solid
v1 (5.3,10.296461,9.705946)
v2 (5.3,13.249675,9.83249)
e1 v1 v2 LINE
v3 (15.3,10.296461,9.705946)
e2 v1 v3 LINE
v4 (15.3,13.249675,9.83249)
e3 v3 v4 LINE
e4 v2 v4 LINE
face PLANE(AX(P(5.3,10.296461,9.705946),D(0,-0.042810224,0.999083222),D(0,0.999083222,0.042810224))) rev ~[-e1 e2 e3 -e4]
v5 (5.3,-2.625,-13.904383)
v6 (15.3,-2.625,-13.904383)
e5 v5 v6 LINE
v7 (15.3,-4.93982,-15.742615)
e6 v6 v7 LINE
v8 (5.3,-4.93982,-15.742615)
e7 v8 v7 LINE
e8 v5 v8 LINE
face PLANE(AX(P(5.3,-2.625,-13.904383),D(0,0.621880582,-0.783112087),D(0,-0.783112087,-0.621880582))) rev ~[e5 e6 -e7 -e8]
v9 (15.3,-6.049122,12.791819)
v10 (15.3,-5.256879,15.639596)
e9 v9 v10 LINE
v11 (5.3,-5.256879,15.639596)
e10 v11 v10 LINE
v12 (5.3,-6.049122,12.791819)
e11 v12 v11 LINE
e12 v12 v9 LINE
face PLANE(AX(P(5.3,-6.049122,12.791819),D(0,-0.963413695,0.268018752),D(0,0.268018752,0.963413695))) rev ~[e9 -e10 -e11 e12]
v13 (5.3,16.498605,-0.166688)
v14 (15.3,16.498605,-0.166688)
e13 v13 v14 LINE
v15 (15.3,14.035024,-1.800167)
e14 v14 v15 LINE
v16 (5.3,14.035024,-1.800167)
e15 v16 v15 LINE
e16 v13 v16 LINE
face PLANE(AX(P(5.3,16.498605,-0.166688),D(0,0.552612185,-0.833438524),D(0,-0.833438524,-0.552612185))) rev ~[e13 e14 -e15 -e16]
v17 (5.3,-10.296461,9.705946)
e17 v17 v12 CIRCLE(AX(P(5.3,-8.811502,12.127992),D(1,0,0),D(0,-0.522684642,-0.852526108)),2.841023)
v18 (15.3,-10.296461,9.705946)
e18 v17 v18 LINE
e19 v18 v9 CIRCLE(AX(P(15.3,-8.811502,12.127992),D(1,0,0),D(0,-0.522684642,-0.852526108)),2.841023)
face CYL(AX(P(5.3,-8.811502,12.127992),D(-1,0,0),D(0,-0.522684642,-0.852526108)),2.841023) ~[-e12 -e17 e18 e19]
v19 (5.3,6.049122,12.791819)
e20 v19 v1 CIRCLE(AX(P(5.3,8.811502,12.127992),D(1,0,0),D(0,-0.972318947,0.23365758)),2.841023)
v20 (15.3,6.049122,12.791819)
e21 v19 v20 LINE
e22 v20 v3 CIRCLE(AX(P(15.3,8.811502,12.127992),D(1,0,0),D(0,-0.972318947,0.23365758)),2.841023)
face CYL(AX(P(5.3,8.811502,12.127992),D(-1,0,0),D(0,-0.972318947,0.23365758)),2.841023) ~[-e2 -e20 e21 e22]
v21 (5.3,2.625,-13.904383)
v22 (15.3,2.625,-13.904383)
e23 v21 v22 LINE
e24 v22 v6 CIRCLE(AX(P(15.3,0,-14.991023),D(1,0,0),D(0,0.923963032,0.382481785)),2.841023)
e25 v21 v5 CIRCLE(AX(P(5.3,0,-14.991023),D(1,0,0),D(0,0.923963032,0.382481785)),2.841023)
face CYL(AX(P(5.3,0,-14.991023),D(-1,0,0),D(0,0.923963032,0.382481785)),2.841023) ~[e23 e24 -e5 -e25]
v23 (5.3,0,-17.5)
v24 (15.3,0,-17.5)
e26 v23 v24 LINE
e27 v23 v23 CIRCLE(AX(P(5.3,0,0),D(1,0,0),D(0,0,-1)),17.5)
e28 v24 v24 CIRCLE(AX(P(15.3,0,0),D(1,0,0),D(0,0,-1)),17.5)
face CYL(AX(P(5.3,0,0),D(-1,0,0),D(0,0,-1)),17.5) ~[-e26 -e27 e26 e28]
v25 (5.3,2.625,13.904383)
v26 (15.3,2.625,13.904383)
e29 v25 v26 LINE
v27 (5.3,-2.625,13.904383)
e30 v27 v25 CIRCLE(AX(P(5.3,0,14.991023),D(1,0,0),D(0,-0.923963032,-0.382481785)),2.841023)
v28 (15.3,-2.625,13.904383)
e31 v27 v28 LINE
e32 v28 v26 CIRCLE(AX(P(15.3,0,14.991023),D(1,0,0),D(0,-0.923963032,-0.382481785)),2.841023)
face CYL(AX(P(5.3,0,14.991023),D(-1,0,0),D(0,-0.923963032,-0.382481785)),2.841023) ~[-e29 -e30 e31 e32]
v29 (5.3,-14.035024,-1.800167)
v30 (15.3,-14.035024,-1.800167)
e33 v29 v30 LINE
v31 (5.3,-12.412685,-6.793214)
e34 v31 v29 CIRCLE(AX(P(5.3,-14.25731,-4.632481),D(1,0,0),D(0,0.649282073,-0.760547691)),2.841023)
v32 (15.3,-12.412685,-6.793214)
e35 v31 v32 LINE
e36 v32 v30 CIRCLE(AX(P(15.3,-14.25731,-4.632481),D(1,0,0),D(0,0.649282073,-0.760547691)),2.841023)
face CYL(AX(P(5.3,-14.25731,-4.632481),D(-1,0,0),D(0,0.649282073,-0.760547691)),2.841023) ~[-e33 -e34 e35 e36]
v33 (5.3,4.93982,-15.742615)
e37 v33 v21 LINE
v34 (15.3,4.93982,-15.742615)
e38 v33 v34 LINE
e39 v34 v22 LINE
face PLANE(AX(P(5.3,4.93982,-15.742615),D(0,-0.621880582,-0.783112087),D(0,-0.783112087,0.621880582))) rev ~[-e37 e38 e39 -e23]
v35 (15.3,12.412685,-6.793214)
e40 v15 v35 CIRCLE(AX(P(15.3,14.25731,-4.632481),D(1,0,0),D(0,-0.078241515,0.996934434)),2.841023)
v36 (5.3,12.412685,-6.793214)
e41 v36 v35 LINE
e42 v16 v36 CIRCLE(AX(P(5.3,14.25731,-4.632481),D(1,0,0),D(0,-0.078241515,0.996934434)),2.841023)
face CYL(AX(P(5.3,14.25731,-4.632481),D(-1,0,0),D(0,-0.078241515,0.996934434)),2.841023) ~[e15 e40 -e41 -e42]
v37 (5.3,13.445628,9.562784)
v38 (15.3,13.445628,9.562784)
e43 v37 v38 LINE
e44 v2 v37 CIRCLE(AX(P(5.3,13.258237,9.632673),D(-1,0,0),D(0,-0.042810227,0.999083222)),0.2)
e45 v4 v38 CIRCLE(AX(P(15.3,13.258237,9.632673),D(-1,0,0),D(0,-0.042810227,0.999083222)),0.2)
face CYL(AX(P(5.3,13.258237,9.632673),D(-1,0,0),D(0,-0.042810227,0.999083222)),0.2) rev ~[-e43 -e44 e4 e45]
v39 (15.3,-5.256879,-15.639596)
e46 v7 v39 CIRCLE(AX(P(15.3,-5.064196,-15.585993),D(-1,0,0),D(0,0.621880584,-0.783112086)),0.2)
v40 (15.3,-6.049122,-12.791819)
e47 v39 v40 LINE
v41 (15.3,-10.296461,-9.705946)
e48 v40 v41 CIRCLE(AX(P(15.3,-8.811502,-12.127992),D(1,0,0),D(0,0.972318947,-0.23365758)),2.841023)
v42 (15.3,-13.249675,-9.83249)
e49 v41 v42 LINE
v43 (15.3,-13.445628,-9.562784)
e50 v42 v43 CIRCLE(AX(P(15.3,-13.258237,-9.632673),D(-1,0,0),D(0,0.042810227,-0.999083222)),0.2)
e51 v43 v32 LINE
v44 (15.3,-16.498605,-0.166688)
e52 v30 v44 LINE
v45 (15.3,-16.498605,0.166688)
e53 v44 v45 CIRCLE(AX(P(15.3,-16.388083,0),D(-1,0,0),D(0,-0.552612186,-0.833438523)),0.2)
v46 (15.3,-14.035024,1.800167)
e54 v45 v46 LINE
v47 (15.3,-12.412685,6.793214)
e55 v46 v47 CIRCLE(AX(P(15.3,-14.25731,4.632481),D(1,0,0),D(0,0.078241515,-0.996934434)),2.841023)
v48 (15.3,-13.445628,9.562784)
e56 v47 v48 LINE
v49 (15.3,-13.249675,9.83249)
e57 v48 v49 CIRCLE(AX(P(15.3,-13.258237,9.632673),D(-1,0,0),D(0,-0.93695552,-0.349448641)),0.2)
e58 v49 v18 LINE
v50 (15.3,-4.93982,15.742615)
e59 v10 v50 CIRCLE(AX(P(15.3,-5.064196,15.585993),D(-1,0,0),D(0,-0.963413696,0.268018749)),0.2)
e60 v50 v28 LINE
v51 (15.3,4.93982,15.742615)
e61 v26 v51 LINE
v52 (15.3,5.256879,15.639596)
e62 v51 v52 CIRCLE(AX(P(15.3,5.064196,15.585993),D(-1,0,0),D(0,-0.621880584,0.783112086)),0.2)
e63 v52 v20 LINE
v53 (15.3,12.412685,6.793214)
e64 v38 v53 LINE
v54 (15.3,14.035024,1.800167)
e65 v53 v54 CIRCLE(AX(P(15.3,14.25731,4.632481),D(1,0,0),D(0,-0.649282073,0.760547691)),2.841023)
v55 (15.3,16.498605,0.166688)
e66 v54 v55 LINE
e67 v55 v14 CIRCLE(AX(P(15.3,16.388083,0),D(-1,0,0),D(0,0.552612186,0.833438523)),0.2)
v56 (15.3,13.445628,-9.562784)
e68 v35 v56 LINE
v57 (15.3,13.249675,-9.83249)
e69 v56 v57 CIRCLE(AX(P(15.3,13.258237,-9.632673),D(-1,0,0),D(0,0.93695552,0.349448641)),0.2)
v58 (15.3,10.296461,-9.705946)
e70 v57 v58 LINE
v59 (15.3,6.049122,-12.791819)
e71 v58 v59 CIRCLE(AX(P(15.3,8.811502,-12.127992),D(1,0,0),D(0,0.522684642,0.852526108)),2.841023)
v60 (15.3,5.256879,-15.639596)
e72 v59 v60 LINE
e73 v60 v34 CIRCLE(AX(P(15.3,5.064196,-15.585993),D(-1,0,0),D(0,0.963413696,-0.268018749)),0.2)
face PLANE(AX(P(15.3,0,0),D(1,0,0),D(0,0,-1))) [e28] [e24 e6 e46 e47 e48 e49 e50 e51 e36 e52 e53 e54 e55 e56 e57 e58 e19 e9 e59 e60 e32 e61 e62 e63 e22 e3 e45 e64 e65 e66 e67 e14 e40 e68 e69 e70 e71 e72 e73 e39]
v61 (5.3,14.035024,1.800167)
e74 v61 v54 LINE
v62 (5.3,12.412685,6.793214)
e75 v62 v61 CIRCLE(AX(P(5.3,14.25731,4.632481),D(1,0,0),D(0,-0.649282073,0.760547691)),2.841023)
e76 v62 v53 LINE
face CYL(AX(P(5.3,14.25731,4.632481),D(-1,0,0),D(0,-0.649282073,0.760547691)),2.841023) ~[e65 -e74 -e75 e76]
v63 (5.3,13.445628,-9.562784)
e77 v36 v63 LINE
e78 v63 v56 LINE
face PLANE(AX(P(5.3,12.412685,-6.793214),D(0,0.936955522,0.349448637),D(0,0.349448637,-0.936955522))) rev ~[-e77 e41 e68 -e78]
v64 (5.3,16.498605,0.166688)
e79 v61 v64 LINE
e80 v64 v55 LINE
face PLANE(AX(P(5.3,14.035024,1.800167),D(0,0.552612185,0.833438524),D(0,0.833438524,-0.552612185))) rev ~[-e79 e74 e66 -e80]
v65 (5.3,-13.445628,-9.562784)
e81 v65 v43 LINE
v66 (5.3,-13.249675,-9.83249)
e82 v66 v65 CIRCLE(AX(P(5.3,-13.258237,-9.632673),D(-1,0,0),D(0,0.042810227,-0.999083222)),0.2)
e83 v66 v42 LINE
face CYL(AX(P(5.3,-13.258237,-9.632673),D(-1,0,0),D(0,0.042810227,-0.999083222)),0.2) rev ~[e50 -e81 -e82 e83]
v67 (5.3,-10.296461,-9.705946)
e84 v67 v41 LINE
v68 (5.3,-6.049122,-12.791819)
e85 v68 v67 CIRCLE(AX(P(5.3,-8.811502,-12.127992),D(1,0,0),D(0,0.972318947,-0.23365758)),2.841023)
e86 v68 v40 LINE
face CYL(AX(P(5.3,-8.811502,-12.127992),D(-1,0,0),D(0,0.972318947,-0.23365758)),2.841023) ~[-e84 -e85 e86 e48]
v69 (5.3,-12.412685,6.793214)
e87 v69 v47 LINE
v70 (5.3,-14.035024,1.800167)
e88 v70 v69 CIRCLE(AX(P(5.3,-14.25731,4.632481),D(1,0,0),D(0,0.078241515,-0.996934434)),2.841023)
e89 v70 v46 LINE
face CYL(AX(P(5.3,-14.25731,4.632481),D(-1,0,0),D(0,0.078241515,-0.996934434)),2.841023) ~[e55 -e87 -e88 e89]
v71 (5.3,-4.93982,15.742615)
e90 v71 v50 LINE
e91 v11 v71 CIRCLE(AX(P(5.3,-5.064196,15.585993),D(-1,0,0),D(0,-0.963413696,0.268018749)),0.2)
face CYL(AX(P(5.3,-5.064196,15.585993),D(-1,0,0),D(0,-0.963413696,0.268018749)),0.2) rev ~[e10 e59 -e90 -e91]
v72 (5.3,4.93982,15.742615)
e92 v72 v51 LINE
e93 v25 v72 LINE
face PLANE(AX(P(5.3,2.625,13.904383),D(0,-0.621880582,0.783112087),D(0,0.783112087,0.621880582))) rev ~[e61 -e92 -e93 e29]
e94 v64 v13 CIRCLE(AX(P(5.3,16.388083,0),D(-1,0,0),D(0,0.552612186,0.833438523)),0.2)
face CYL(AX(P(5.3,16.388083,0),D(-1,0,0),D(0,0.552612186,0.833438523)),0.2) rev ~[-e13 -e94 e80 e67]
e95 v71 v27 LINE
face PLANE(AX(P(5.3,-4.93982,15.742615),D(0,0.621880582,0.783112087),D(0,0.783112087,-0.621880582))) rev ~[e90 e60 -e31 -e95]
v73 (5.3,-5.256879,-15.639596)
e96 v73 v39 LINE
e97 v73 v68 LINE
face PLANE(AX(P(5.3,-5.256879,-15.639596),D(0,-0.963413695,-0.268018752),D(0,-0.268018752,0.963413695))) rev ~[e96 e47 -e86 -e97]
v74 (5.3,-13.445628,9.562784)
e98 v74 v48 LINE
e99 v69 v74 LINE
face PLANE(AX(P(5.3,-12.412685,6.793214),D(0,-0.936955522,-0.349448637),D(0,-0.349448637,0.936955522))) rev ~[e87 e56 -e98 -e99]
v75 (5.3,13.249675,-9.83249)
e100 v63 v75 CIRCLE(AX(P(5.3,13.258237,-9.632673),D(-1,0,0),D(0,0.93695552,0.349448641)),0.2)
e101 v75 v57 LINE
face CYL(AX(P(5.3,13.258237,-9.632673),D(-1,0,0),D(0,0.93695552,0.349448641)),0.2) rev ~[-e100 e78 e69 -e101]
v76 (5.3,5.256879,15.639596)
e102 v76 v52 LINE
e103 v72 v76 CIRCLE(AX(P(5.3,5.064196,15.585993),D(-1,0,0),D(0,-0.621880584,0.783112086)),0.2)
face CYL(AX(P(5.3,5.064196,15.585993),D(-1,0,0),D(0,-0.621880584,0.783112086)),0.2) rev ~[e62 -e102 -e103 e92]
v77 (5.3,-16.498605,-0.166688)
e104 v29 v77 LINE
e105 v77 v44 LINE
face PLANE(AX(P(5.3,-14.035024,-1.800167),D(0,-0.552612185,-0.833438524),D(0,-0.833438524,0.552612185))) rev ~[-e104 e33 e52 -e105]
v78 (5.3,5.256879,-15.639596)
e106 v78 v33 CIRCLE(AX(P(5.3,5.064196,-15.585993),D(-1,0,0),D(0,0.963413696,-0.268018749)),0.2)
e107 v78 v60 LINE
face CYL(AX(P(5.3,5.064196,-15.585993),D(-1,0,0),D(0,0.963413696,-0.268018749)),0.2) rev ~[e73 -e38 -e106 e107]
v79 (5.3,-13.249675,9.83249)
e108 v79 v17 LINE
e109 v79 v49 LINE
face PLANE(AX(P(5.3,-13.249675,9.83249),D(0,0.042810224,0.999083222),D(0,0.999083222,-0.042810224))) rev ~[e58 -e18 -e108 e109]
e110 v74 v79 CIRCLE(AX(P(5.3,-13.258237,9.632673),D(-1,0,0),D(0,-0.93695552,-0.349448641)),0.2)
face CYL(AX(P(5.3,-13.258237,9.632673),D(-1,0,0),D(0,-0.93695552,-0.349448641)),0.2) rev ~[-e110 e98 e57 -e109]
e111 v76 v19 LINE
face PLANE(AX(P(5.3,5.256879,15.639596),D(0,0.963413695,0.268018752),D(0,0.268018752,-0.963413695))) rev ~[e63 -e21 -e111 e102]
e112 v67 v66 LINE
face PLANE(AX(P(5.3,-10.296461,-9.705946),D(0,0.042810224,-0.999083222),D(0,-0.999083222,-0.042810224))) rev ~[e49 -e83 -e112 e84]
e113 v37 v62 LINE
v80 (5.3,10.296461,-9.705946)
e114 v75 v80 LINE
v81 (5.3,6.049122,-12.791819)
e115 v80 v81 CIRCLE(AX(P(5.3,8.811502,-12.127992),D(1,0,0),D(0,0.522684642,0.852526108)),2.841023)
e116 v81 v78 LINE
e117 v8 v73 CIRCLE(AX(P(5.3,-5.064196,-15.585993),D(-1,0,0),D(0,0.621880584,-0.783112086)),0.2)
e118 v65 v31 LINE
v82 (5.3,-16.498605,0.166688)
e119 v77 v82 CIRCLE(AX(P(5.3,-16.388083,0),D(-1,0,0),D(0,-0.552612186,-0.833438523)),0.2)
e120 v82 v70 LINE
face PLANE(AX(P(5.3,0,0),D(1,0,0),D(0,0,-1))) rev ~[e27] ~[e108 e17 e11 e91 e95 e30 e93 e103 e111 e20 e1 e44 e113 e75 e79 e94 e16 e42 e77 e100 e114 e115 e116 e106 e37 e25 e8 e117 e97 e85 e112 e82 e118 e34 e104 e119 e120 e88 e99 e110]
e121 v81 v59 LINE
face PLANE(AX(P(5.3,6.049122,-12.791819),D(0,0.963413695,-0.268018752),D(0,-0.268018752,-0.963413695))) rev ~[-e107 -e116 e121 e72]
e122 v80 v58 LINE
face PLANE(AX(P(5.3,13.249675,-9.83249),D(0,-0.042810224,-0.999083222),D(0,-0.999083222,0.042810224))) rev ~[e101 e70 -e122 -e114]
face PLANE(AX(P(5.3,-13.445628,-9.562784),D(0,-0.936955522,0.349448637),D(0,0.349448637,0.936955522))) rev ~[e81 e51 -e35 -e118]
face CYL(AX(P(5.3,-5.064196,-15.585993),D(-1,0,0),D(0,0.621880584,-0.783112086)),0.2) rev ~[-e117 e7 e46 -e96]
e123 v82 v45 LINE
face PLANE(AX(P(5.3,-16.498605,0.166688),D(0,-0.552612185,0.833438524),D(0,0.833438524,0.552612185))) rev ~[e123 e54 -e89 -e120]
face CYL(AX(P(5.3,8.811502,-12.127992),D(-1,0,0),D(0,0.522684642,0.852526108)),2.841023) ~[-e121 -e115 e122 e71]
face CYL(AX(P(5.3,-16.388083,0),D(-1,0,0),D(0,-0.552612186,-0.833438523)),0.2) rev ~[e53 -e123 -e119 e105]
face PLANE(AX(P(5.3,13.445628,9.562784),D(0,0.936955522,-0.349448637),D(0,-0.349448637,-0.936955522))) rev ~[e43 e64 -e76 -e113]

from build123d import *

# Parameters (mm, degrees)
BOSS_EXTRUDE1_DEPTH     = 5.3
CIRPATTERN1_COUNT       = 10
FILLET1_R               = 0.2
FILLET3_R               = 0.2
SKETCH2_R               = 10
SKETCH2_R_2             = 4.05
BOSS_EXTRUDE2_DEPTH     = 16.7
CUT_EXTRUDE1_DEPTH      = 29.341701561
CUT_EXTRUDE1_DEPTH_BACK = 29.341701561
SKETCH2_2_R             = 4.05
SKETCH3_R               = 17.5
BOSS_EXTRUDE3_DEPTH     = 10
SKETCH3_3_R             = 17.5
CUT_EXTRUDE2_DEPTH      = 34.11344138


with BuildPart() as part:
    # Sketch1 → Boss-Extrude1 (new body)
    with BuildSketch(Plane(origin=(0, 0, 0), x_dir=(0, 0, -1), z_dir=(1, 0, 0))):
        with BuildLine():
            Line((0, 0), (9.845402976, 13.551034656))
            Line((9.845402976, 13.551034656), (6.793214092, 12.412684734))
            ThreePointArc((6.793214092, 12.412684734), (3.754556482, 11.555336673), (1.800167381, 14.035023954))
            Line((1.800167381, 14.035023954), (0, 16.75))
            Line((0, 16.75), (0, 0))
        make_face()
    boss_extrude1 = extrude(amount=BOSS_EXTRUDE1_DEPTH)

    # CirPattern1: Boss-Extrude1 ×10 about axis
    cirpattern1_axis = Axis((5.3, 0, 0), (-1, 0, 0))
    for i in range(1, CIRPATTERN1_COUNT):
        add(boss_extrude1.rotate(cirpattern1_axis, i * 360 / CIRPATTERN1_COUNT))

    # Fillet1
    fillet1_edges = [part.edges().sort_by_distance(p)[0] for p in [
        (2.65, 16.75, 0),
    ]]
    fillet(fillet1_edges, radius=FILLET1_R)

    # Fillet3
    fillet3_edges = [part.edges().sort_by_distance(p)[0] for p in [
        (2.65, 13.551034656, 9.845402976),
        (2.65, 5.176034656, 15.930196648),
        (2.65, -5.176034656, 15.930196648),
        (2.65, -13.551034656, 9.845402976),
        (2.65, -16.75, 0),
        (2.65, -13.551034656, -9.845402976),
        (2.65, -5.176034656, -15.930196648),
        (2.65, 5.176034656, -15.930196648),
        (2.65, 13.551034656, -9.845402976),
    ]]
    fillet(fillet3_edges, radius=FILLET3_R)

    # Sketch2 → Boss-Extrude2 (add)
    with BuildSketch(Plane.ZY):
        Circle(SKETCH2_R)
        Circle(SKETCH2_R_2, mode=Mode.SUBTRACT)
    extrude(amount=BOSS_EXTRUDE2_DEPTH)

    # Sketch2<2> → Cut-Extrude1 (cut, two sides: drawn at the far end of the back side and taken through both)
    with BuildSketch(Plane.ZY.offset(-CUT_EXTRUDE1_DEPTH_BACK)):
        Circle(SKETCH2_2_R)
    extrude(amount=CUT_EXTRUDE1_DEPTH + CUT_EXTRUDE1_DEPTH_BACK, mode=Mode.SUBTRACT)

    # Sketch3<3> → Cut-Extrude2 (cut, through all)
    with BuildSketch(Plane(origin=(5.3, 0, 0), x_dir=(0, 0, -1), z_dir=(1, 0, 0))):
        Circle(SKETCH3_3_R)
    extrude(amount=-CUT_EXTRUDE2_DEPTH, mode=Mode.SUBTRACT)


with BuildPart() as body_2:
    # Sketch3 → Boss-Extrude3 (new body)
    with BuildSketch(Plane(origin=(5.3, 0, 0), x_dir=(0, 0, -1), z_dir=(1, 0, 0))):
        Circle(SKETCH3_R)
        with BuildLine():
            Line((-9.562783501, 13.445628382), (-6.793214092, 12.412684734))
            ThreePointArc((-6.793214092, 12.412684734), (-3.754556482, 11.555336673), (-1.800167381, 14.035023954))
            Line((-1.800167381, 14.035023954), (-0.166687705, 16.498604974))
            ThreePointArc((-0.166687705, 16.498604974), (0, 16.588082537), (0.166687705, 16.498604974))
            Line((0.166687705, 16.498604974), (1.800167381, 14.035023954))
            ThreePointArc((1.800167381, 14.035023954), (3.754556482, 11.555336673), (6.793214092, 12.412684734))
            Line((6.793214092, 12.412684734), (9.562783501, 13.445628382))
            ThreePointArc((9.562783501, 13.445628382), (9.750230279, 13.420040677), (9.832489873, 13.249675233))
            Line((9.832489873, 13.249675233), (9.7059461, 10.296461057))
            ThreePointArc((9.7059461, 10.296461057), (9.829556482, 7.141590815), (12.791818675, 6.049121837))
            Line((12.791818675, 6.049121837), (15.639596437, 5.256878748))
            ThreePointArc((15.639596437, 5.256878748), (15.77620399, 5.125999408), (15.742615104, 4.939819893))
            Line((15.742615104, 4.939819893), (13.904383302, 2.625))
            ThreePointArc((13.904383302, 2.625), (12.15, 0), (13.904383302, -2.625))
            Line((13.904383302, -2.625), (15.742615104, -4.939819893))
            ThreePointArc((15.742615104, -4.939819893), (15.77620399, -5.125999408), (15.639596437, -5.256878748))
            Line((15.639596437, -5.256878748), (12.791818675, -6.049121837))
            ThreePointArc((12.791818675, -6.049121837), (9.829556482, -7.141590815), (9.7059461, -10.296461057))
            Line((9.7059461, -10.296461057), (9.832489873, -13.249675233))
            ThreePointArc((9.832489873, -13.249675233), (9.750230279, -13.420040677), (9.562783501, -13.445628382))
            Line((9.562783501, -13.445628382), (6.793214092, -12.412684734))
            ThreePointArc((6.793214092, -12.412684734), (3.754556482, -11.555336673), (1.800167381, -14.035023954))
            Line((1.800167381, -14.035023954), (0.166687705, -16.498604974))
            ThreePointArc((0.166687705, -16.498604974), (0, -16.588082537), (-0.166687705, -16.498604974))
            Line((-0.166687705, -16.498604974), (-1.800167381, -14.035023954))
            ThreePointArc((-1.800167381, -14.035023954), (-3.754556482, -11.555336673), (-6.793214092, -12.412684734))
            Line((-6.793214092, -12.412684734), (-9.562783501, -13.445628382))
            ThreePointArc((-9.562783501, -13.445628382), (-9.750230279, -13.420040677), (-9.832489873, -13.249675233))
            Line((-9.832489873, -13.249675233), (-9.7059461, -10.296461057))
            ThreePointArc((-9.7059461, -10.296461057), (-9.829556482, -7.141590815), (-12.791818675, -6.049121837))
            Line((-12.791818675, -6.049121837), (-15.639596437, -5.256878748))
            ThreePointArc((-15.639596437, -5.256878748), (-15.77620399, -5.125999408), (-15.742615104, -4.939819893))
            Line((-15.742615104, -4.939819893), (-13.904383302, -2.625))
            ThreePointArc((-13.904383302, -2.625), (-12.15, 0), (-13.904383302, 2.625))
            Line((-13.904383302, 2.625), (-15.742615104, 4.939819893))
            ThreePointArc((-15.742615104, 4.939819893), (-15.77620399, 5.125999408), (-15.639596437, 5.256878748))
            Line((-15.639596437, 5.256878748), (-12.791818675, 6.049121837))
            ThreePointArc((-12.791818675, 6.049121837), (-9.829556482, 7.141590815), (-9.7059461, 10.296461057))
            Line((-9.7059461, 10.296461057), (-9.832489873, 13.249675233))
            ThreePointArc((-9.832489873, 13.249675233), (-9.750230279, 13.420040677), (-9.562783501, 13.445628382))
        make_face(mode=Mode.SUBTRACT)
    extrude(amount=BOSS_EXTRUDE3_DEPTH)


solid = body_2.part
